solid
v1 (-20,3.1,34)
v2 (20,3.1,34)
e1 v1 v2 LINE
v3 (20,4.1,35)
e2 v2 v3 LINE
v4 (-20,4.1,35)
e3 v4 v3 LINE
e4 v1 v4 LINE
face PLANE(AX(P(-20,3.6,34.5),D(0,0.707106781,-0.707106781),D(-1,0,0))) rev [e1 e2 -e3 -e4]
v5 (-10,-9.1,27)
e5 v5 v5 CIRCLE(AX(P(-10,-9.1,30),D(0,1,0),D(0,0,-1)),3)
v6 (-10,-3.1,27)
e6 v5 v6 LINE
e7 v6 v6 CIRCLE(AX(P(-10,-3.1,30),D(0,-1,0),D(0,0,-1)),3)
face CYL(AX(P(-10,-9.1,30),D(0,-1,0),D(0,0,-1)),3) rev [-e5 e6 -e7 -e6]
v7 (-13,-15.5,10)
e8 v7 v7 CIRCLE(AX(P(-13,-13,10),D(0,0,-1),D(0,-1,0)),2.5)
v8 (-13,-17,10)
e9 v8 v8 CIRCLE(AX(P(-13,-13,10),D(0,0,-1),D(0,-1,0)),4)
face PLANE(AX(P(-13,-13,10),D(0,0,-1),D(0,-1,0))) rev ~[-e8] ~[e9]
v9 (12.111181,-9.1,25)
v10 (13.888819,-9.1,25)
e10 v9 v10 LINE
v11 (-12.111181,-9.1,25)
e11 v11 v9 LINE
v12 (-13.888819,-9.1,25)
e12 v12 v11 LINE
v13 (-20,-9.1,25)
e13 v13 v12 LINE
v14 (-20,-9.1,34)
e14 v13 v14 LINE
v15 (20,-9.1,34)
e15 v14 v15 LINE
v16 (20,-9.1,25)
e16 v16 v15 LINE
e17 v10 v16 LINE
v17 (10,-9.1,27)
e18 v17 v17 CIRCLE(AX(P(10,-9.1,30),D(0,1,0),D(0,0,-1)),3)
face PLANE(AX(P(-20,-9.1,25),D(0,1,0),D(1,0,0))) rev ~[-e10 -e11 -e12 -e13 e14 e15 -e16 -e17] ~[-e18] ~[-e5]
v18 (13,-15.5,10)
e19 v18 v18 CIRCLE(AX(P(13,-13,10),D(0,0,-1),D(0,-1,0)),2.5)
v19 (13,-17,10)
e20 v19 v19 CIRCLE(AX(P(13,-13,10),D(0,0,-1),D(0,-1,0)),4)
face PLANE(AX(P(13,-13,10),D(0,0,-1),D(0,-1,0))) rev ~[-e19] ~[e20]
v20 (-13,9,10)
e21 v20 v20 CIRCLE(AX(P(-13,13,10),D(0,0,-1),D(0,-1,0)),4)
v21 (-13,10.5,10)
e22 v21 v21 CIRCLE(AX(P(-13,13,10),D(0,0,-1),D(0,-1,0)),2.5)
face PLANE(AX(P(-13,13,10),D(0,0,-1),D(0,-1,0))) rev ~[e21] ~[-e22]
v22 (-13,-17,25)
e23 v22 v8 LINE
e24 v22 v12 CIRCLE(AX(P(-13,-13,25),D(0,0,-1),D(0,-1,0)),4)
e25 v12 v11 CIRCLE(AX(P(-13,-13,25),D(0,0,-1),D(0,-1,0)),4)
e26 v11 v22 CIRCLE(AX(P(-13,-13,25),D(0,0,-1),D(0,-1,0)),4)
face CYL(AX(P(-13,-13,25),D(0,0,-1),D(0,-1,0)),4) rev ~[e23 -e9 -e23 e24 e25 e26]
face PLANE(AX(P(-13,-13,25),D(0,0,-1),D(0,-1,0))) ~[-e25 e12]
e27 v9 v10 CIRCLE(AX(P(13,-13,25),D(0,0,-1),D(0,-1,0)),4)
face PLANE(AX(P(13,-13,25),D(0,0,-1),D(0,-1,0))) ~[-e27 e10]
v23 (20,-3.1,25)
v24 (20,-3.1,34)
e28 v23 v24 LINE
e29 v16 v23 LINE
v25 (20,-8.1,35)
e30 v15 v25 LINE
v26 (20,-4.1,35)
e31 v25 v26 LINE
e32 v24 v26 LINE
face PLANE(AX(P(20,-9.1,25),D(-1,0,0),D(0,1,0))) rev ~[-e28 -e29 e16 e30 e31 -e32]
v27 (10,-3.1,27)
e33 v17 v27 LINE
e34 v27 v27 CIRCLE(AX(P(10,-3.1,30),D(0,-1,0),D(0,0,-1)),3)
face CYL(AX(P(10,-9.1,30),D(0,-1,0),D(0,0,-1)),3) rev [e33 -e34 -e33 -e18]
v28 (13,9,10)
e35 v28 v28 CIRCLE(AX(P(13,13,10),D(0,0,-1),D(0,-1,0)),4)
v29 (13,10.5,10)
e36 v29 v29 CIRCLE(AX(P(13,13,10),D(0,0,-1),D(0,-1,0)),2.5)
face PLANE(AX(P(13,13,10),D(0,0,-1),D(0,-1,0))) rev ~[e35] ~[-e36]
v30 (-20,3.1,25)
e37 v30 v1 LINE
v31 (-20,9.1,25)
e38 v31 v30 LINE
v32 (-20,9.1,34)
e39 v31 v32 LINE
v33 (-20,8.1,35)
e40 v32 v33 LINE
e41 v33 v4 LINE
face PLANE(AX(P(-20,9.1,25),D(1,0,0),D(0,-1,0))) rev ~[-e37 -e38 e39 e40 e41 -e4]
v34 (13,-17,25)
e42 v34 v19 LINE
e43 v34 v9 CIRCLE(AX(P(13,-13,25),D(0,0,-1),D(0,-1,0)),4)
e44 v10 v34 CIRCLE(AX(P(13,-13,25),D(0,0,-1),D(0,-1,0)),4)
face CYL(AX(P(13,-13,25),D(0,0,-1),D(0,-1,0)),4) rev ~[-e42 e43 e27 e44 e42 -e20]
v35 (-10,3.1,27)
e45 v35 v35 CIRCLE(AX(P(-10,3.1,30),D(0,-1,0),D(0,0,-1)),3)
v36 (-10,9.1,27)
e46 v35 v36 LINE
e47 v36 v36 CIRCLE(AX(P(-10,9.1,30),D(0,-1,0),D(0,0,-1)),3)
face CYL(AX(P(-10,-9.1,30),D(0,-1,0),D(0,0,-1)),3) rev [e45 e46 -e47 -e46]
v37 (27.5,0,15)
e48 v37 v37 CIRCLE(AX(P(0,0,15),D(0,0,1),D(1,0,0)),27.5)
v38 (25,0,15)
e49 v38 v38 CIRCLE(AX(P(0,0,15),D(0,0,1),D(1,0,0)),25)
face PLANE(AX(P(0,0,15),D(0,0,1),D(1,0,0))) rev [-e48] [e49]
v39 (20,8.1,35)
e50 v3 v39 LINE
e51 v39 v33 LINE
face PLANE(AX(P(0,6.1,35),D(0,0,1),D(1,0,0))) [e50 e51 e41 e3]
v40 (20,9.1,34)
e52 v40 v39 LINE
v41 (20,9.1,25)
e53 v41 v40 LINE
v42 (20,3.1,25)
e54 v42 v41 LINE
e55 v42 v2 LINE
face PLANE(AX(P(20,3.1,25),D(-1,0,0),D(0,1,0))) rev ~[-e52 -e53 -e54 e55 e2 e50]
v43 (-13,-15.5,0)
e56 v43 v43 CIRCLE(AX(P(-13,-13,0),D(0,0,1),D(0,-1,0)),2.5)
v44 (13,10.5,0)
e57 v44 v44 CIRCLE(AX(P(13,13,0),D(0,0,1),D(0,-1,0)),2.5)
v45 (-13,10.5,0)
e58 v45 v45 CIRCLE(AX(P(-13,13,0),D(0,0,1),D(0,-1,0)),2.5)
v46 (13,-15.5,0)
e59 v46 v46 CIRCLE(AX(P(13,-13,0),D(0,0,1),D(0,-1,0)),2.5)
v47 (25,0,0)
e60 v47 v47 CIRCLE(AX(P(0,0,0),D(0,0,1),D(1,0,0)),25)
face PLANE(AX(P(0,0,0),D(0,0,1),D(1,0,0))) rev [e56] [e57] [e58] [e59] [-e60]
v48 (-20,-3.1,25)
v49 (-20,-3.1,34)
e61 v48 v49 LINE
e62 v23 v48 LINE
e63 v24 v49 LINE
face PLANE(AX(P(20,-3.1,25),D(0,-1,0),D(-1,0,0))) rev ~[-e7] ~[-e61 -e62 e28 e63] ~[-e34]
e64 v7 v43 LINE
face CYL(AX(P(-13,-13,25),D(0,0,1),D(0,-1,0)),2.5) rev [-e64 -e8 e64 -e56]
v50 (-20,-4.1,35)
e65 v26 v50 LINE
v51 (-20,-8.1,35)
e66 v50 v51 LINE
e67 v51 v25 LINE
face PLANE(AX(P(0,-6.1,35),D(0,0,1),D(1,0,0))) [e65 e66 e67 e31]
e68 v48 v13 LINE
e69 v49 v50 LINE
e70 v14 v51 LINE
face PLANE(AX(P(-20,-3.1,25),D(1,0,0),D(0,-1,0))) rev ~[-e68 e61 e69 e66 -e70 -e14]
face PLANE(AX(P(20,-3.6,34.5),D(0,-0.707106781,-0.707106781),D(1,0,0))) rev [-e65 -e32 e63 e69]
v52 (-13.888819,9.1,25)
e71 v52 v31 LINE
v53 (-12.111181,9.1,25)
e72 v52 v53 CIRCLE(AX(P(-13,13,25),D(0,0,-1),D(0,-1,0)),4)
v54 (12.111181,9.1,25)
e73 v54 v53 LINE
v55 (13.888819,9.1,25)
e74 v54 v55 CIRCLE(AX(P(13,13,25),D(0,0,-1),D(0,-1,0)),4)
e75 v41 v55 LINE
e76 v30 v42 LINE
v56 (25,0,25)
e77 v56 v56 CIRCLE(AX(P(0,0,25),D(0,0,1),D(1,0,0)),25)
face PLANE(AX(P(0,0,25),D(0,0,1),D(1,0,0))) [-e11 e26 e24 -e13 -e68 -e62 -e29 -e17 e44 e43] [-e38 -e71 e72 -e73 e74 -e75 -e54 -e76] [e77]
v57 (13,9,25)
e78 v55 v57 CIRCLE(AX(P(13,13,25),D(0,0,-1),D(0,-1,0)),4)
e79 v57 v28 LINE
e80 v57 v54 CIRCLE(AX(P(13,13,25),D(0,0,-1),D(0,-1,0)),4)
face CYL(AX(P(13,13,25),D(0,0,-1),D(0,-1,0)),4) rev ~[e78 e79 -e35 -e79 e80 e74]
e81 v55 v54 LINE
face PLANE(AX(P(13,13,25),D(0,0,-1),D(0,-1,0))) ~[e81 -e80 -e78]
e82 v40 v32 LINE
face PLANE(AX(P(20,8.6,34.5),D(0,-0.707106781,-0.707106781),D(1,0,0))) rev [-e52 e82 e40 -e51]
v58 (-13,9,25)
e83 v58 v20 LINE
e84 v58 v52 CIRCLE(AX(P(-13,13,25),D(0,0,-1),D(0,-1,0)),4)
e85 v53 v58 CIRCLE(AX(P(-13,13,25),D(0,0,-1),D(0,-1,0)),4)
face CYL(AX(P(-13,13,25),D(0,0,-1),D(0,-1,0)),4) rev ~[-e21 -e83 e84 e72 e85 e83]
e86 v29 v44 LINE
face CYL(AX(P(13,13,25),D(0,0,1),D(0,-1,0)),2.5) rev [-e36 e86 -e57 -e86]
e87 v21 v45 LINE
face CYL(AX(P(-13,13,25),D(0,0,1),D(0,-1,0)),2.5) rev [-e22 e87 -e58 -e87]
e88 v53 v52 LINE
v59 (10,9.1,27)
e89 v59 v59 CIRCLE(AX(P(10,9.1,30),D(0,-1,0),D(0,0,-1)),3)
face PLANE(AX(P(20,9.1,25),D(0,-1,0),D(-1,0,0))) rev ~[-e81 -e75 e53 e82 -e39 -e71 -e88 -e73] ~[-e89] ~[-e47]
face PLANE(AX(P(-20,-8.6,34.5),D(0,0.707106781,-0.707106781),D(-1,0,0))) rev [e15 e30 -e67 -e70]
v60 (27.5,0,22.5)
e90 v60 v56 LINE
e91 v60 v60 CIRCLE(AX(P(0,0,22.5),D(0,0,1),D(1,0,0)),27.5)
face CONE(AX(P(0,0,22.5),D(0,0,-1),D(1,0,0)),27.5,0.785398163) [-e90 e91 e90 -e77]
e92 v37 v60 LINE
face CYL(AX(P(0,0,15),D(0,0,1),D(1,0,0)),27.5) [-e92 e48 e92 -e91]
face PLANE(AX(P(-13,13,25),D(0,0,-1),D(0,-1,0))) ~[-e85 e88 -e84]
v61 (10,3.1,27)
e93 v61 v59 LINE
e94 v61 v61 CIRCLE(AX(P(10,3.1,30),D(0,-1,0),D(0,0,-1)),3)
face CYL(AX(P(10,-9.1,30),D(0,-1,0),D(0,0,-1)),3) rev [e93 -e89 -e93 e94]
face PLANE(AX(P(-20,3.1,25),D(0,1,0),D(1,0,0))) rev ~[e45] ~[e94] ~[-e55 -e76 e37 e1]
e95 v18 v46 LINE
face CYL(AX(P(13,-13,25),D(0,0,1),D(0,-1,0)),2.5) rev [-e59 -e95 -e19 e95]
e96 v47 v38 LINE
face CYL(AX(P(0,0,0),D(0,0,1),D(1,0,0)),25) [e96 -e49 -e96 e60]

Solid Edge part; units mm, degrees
sketch "Sketch1" plane through (0, 0, 0) normal (0, -1, 0) x (1, 0, 0)
  line L0 (0, 0) -> (25, 0)
  line L1 (25, 0) -> (25, 15)
  line L2 (25, 15) -> (27.5, 15)
  line L3 (27.5, 15) -> (27.5, 25)
  line L4 (27.5, 25) -> (0, 25)
  dimension "D1" = 25
  dimension "D2" = 15
revolve "RevolvedProtrusion1" add sketch "Sketch1" angle 360 about axis through (0, 0, 0) along (0, 0, 1)
chamfer "Chamfer1" distance 2.5 angle 45 1 edges at (-27.5, 0, 25)
sketch "Sketch2" plane through (0, 0, 25) normal (0, 0, 1) x (1, 0, 0)
  line L0 (-20, 3.1) -> (20, 3.1)
  line L1 (20, 3.1) -> (20, 9.1)
  line L2 (20, 9.1) -> (-20, 9.1)
  line L3 (-20, 9.1) -> (-20, 3.1)
  line L4 (-20, -9.1) -> (20, -9.1)
  line L5 (20, -9.1) -> (20, -3.1)
  line L6 (20, -3.1) -> (-20, -3.1)
  line L7 (-20, -3.1) -> (-20, -9.1)
  dimension "D1" = 6.2
  dimension "D2" = 6
  dimension "D3" = 40
extrude "ExtrudedProtrusion_1" add sketch "Sketch2" along normal blind 10
hole "Hole_1" at (-10, -9.1, 30) direction (0, 1, 0) diameter 6 end through all
hole "Hole1" at (10, -9.1, 30) direction (0, 1, 0) diameter 6 end through all
chamfer "Chamfer_2" distance 1 angle 45 4 edges at (0, -3.1, 35) (0, -9.1, 35) (0, 3.1, 35) (0, 9.1, 35)
hole "Hole_3" at (-13, -13, 25) direction (0, 0, -1) diameter 5 end up to next counterbore diameter 8 counterbore depth 15
hole "Hole2" at (-13, 13, 25) direction (0, 0, -1) diameter 5 end up to next counterbore diameter 8 counterbore depth 15
hole "Hole3" at (13, -13, 25) direction (0, 0, -1) diameter 5 end up to next counterbore diameter 8 counterbore depth 15
hole "Hole4" at (13, 13, 25) direction (0, 0, -1) diameter 5 end up to next counterbore diameter 8 counterbore depth 15
properties material "Polyethylene, low density"
